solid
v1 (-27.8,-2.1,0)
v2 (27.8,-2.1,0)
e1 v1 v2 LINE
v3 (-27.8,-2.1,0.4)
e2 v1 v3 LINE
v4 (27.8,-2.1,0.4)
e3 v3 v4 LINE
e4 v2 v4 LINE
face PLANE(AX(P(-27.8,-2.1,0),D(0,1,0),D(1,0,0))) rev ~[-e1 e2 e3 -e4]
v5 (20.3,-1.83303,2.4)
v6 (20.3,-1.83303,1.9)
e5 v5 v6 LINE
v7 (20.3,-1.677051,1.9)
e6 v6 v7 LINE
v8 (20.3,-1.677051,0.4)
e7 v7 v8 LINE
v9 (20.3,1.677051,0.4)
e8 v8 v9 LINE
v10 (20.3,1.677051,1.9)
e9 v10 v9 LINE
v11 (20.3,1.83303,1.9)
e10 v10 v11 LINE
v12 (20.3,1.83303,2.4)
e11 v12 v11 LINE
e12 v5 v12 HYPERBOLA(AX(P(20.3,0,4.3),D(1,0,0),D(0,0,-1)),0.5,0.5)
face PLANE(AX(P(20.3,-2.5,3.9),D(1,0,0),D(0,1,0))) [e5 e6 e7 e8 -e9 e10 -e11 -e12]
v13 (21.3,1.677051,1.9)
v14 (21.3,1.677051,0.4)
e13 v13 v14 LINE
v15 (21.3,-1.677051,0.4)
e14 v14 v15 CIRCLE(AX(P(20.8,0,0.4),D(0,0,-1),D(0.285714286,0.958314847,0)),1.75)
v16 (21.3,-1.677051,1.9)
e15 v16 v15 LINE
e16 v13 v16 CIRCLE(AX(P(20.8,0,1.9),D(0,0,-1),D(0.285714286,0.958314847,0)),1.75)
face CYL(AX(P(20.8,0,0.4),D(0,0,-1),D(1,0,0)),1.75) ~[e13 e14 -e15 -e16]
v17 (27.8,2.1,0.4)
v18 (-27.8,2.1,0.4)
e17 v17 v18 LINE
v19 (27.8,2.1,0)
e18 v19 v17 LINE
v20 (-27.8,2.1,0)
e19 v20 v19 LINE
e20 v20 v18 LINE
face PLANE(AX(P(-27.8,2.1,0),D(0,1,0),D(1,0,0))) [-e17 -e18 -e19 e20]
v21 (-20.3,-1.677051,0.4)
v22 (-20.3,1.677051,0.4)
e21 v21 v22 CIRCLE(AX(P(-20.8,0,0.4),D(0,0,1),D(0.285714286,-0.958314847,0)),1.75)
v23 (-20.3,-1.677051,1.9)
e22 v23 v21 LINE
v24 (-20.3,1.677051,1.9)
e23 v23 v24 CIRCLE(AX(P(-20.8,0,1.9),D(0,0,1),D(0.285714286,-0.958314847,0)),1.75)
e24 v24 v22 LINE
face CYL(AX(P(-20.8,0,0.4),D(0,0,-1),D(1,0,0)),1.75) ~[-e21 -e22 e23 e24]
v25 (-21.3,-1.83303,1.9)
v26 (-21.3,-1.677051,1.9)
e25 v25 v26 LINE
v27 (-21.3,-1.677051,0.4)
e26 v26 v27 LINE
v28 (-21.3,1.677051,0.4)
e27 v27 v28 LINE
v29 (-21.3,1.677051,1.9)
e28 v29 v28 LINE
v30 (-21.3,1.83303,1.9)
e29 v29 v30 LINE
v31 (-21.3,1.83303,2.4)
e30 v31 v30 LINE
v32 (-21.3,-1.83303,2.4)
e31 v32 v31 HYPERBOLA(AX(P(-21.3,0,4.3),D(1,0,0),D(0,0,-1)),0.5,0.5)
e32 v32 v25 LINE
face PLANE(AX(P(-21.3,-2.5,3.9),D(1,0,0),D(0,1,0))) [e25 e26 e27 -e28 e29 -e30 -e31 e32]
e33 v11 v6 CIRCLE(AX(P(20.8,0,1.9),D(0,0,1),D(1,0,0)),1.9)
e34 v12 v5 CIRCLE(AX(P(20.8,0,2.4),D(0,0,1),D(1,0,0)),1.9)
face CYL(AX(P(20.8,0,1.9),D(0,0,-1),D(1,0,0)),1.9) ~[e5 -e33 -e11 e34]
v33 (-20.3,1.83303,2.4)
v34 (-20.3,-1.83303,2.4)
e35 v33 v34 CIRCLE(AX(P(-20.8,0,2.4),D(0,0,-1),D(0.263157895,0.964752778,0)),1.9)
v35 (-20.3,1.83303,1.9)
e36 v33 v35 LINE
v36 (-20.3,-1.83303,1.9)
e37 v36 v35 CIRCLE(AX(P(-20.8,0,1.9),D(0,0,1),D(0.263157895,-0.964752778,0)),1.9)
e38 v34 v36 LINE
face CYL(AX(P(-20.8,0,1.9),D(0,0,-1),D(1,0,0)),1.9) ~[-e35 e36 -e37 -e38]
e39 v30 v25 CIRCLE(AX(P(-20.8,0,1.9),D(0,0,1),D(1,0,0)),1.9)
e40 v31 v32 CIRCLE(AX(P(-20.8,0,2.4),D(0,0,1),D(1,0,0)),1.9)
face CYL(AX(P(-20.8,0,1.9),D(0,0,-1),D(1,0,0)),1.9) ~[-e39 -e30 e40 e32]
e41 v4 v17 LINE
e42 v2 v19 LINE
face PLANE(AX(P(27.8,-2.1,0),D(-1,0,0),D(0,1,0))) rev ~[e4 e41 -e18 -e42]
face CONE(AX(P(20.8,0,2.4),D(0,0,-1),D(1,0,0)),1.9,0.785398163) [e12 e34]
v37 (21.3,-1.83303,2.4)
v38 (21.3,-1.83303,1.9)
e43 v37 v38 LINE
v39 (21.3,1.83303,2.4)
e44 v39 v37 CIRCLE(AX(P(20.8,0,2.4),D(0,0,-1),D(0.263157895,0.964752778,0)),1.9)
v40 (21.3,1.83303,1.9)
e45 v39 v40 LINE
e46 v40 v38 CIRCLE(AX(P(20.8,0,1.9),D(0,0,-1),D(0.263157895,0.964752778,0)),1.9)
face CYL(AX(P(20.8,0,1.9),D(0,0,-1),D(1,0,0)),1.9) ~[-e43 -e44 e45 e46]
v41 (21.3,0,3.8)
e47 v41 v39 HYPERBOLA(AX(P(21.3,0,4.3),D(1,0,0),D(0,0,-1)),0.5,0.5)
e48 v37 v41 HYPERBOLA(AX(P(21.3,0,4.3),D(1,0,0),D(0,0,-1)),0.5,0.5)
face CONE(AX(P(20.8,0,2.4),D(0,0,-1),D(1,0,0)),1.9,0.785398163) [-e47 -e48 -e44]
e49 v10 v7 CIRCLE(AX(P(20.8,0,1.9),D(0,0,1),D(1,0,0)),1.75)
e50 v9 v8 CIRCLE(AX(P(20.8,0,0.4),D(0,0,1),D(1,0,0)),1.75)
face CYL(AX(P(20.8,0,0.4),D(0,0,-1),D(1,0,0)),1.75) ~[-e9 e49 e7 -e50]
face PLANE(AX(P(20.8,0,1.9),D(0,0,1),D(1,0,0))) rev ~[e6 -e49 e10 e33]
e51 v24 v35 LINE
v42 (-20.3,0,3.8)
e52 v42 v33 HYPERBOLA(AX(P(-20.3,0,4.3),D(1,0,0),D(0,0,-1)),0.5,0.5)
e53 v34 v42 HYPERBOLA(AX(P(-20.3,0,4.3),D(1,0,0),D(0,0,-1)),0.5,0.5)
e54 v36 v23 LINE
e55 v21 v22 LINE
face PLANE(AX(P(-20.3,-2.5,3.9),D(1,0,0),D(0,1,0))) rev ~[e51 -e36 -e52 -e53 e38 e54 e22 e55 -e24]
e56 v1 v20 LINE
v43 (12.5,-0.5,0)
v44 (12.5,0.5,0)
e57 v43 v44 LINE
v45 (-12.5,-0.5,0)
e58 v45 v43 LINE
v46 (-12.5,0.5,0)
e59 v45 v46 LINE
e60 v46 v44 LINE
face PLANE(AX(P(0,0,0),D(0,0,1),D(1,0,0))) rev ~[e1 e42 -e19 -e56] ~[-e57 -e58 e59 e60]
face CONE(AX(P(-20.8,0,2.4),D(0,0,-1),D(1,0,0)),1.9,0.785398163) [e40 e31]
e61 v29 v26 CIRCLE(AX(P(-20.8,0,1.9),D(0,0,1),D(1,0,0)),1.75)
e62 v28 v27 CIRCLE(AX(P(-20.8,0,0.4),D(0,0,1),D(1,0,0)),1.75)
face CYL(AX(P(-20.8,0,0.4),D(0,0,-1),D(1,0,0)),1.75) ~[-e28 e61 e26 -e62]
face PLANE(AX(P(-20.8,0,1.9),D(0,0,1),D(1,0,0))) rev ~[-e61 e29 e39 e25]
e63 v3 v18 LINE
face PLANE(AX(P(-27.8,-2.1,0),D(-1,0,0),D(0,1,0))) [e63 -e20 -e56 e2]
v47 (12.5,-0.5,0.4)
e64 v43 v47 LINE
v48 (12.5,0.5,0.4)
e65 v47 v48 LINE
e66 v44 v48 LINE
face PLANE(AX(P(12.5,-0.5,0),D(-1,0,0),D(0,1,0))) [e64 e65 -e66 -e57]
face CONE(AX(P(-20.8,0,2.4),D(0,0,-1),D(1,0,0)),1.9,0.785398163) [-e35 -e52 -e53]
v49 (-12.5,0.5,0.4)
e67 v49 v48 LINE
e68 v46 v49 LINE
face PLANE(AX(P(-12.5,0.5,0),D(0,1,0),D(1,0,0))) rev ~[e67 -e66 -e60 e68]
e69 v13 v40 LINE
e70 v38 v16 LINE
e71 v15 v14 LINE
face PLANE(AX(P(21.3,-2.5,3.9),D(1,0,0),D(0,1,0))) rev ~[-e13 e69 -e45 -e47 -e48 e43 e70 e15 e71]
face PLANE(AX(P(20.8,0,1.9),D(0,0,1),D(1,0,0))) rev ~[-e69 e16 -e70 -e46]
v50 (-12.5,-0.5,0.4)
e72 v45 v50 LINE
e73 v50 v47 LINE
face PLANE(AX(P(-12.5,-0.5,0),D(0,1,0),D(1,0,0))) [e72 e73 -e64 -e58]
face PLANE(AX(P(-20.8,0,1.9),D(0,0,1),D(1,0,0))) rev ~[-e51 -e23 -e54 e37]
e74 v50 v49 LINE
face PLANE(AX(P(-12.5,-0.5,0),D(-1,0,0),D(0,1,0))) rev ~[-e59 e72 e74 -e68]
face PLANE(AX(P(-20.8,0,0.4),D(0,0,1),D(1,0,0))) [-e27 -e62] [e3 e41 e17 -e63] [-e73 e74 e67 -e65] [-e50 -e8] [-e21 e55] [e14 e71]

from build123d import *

# Parameters (mm, degrees)
SKICA2_W                 = 55.6
SKICA2_H                 = 4.2
SKICA2_W_2               = 25
SKICA2_H_2               = 1
P_IDAT_VYSUNUT_M2_DEPTH  = 0.4
SKICA3_R                 = 1.75
P_IDAT_VYSUNUT_M3_DEPTH  = 1.5
SKICA5_R                 = 1.9
P_IDAT_VYSUNUT_M5_DEPTH  = 2
ZKOSEN_2_SIZE            = 1.5
SKICA7_W                 = 1
SKICA7_H                 = 5
ODEBRAT_VYSUNUT_M1_DEPTH = 3.5


with BuildPart() as part:
    # Skica2 → Přidat vysunutím2 (new body)
    with BuildSketch(Plane.XY):
        Rectangle(SKICA2_W, SKICA2_H)
        Rectangle(SKICA2_W_2, SKICA2_H_2, mode=Mode.SUBTRACT)
    extrude(amount=P_IDAT_VYSUNUT_M2_DEPTH)

    # Skica3 → Přidat vysunutím3 (add)
    with BuildSketch(Plane.XY.offset(0.4)):
        with Locations((-20.8, 0)):
            Circle(SKICA3_R)
        with Locations((20.8, 0)):
            Circle(SKICA3_R)
    extrude(amount=P_IDAT_VYSUNUT_M3_DEPTH)

    # Skica5 → Přidat vysunutím5 (add)
    with BuildSketch(Plane.XY.offset(1.9)):
        with Locations((-20.8, 0)):
            Circle(SKICA5_R)
        with Locations((20.8, 0)):
            Circle(SKICA5_R)
    extrude(amount=P_IDAT_VYSUNUT_M5_DEPTH)

    # Zkosení2
    zkosen_2_edges = [part.edges().sort_by_distance(p)[0] for p in [
        (-22.7, 0, 3.9),
        (18.9, 0, 3.9),
    ]]
    chamfer(zkosen_2_edges, length=ZKOSEN_2_SIZE)

    # Skica7 → Odebrat vysunutím1 (cut)
    with BuildSketch(Plane.XY.offset(3.9)):
        with Locations((-20.8, 0)):
            Rectangle(SKICA7_W, SKICA7_H)
        with Locations((20.8, 0)):
            Rectangle(SKICA7_W, SKICA7_H)
    extrude(amount=-ODEBRAT_VYSUNUT_M1_DEPTH, mode=Mode.SUBTRACT)


solid = part.part
